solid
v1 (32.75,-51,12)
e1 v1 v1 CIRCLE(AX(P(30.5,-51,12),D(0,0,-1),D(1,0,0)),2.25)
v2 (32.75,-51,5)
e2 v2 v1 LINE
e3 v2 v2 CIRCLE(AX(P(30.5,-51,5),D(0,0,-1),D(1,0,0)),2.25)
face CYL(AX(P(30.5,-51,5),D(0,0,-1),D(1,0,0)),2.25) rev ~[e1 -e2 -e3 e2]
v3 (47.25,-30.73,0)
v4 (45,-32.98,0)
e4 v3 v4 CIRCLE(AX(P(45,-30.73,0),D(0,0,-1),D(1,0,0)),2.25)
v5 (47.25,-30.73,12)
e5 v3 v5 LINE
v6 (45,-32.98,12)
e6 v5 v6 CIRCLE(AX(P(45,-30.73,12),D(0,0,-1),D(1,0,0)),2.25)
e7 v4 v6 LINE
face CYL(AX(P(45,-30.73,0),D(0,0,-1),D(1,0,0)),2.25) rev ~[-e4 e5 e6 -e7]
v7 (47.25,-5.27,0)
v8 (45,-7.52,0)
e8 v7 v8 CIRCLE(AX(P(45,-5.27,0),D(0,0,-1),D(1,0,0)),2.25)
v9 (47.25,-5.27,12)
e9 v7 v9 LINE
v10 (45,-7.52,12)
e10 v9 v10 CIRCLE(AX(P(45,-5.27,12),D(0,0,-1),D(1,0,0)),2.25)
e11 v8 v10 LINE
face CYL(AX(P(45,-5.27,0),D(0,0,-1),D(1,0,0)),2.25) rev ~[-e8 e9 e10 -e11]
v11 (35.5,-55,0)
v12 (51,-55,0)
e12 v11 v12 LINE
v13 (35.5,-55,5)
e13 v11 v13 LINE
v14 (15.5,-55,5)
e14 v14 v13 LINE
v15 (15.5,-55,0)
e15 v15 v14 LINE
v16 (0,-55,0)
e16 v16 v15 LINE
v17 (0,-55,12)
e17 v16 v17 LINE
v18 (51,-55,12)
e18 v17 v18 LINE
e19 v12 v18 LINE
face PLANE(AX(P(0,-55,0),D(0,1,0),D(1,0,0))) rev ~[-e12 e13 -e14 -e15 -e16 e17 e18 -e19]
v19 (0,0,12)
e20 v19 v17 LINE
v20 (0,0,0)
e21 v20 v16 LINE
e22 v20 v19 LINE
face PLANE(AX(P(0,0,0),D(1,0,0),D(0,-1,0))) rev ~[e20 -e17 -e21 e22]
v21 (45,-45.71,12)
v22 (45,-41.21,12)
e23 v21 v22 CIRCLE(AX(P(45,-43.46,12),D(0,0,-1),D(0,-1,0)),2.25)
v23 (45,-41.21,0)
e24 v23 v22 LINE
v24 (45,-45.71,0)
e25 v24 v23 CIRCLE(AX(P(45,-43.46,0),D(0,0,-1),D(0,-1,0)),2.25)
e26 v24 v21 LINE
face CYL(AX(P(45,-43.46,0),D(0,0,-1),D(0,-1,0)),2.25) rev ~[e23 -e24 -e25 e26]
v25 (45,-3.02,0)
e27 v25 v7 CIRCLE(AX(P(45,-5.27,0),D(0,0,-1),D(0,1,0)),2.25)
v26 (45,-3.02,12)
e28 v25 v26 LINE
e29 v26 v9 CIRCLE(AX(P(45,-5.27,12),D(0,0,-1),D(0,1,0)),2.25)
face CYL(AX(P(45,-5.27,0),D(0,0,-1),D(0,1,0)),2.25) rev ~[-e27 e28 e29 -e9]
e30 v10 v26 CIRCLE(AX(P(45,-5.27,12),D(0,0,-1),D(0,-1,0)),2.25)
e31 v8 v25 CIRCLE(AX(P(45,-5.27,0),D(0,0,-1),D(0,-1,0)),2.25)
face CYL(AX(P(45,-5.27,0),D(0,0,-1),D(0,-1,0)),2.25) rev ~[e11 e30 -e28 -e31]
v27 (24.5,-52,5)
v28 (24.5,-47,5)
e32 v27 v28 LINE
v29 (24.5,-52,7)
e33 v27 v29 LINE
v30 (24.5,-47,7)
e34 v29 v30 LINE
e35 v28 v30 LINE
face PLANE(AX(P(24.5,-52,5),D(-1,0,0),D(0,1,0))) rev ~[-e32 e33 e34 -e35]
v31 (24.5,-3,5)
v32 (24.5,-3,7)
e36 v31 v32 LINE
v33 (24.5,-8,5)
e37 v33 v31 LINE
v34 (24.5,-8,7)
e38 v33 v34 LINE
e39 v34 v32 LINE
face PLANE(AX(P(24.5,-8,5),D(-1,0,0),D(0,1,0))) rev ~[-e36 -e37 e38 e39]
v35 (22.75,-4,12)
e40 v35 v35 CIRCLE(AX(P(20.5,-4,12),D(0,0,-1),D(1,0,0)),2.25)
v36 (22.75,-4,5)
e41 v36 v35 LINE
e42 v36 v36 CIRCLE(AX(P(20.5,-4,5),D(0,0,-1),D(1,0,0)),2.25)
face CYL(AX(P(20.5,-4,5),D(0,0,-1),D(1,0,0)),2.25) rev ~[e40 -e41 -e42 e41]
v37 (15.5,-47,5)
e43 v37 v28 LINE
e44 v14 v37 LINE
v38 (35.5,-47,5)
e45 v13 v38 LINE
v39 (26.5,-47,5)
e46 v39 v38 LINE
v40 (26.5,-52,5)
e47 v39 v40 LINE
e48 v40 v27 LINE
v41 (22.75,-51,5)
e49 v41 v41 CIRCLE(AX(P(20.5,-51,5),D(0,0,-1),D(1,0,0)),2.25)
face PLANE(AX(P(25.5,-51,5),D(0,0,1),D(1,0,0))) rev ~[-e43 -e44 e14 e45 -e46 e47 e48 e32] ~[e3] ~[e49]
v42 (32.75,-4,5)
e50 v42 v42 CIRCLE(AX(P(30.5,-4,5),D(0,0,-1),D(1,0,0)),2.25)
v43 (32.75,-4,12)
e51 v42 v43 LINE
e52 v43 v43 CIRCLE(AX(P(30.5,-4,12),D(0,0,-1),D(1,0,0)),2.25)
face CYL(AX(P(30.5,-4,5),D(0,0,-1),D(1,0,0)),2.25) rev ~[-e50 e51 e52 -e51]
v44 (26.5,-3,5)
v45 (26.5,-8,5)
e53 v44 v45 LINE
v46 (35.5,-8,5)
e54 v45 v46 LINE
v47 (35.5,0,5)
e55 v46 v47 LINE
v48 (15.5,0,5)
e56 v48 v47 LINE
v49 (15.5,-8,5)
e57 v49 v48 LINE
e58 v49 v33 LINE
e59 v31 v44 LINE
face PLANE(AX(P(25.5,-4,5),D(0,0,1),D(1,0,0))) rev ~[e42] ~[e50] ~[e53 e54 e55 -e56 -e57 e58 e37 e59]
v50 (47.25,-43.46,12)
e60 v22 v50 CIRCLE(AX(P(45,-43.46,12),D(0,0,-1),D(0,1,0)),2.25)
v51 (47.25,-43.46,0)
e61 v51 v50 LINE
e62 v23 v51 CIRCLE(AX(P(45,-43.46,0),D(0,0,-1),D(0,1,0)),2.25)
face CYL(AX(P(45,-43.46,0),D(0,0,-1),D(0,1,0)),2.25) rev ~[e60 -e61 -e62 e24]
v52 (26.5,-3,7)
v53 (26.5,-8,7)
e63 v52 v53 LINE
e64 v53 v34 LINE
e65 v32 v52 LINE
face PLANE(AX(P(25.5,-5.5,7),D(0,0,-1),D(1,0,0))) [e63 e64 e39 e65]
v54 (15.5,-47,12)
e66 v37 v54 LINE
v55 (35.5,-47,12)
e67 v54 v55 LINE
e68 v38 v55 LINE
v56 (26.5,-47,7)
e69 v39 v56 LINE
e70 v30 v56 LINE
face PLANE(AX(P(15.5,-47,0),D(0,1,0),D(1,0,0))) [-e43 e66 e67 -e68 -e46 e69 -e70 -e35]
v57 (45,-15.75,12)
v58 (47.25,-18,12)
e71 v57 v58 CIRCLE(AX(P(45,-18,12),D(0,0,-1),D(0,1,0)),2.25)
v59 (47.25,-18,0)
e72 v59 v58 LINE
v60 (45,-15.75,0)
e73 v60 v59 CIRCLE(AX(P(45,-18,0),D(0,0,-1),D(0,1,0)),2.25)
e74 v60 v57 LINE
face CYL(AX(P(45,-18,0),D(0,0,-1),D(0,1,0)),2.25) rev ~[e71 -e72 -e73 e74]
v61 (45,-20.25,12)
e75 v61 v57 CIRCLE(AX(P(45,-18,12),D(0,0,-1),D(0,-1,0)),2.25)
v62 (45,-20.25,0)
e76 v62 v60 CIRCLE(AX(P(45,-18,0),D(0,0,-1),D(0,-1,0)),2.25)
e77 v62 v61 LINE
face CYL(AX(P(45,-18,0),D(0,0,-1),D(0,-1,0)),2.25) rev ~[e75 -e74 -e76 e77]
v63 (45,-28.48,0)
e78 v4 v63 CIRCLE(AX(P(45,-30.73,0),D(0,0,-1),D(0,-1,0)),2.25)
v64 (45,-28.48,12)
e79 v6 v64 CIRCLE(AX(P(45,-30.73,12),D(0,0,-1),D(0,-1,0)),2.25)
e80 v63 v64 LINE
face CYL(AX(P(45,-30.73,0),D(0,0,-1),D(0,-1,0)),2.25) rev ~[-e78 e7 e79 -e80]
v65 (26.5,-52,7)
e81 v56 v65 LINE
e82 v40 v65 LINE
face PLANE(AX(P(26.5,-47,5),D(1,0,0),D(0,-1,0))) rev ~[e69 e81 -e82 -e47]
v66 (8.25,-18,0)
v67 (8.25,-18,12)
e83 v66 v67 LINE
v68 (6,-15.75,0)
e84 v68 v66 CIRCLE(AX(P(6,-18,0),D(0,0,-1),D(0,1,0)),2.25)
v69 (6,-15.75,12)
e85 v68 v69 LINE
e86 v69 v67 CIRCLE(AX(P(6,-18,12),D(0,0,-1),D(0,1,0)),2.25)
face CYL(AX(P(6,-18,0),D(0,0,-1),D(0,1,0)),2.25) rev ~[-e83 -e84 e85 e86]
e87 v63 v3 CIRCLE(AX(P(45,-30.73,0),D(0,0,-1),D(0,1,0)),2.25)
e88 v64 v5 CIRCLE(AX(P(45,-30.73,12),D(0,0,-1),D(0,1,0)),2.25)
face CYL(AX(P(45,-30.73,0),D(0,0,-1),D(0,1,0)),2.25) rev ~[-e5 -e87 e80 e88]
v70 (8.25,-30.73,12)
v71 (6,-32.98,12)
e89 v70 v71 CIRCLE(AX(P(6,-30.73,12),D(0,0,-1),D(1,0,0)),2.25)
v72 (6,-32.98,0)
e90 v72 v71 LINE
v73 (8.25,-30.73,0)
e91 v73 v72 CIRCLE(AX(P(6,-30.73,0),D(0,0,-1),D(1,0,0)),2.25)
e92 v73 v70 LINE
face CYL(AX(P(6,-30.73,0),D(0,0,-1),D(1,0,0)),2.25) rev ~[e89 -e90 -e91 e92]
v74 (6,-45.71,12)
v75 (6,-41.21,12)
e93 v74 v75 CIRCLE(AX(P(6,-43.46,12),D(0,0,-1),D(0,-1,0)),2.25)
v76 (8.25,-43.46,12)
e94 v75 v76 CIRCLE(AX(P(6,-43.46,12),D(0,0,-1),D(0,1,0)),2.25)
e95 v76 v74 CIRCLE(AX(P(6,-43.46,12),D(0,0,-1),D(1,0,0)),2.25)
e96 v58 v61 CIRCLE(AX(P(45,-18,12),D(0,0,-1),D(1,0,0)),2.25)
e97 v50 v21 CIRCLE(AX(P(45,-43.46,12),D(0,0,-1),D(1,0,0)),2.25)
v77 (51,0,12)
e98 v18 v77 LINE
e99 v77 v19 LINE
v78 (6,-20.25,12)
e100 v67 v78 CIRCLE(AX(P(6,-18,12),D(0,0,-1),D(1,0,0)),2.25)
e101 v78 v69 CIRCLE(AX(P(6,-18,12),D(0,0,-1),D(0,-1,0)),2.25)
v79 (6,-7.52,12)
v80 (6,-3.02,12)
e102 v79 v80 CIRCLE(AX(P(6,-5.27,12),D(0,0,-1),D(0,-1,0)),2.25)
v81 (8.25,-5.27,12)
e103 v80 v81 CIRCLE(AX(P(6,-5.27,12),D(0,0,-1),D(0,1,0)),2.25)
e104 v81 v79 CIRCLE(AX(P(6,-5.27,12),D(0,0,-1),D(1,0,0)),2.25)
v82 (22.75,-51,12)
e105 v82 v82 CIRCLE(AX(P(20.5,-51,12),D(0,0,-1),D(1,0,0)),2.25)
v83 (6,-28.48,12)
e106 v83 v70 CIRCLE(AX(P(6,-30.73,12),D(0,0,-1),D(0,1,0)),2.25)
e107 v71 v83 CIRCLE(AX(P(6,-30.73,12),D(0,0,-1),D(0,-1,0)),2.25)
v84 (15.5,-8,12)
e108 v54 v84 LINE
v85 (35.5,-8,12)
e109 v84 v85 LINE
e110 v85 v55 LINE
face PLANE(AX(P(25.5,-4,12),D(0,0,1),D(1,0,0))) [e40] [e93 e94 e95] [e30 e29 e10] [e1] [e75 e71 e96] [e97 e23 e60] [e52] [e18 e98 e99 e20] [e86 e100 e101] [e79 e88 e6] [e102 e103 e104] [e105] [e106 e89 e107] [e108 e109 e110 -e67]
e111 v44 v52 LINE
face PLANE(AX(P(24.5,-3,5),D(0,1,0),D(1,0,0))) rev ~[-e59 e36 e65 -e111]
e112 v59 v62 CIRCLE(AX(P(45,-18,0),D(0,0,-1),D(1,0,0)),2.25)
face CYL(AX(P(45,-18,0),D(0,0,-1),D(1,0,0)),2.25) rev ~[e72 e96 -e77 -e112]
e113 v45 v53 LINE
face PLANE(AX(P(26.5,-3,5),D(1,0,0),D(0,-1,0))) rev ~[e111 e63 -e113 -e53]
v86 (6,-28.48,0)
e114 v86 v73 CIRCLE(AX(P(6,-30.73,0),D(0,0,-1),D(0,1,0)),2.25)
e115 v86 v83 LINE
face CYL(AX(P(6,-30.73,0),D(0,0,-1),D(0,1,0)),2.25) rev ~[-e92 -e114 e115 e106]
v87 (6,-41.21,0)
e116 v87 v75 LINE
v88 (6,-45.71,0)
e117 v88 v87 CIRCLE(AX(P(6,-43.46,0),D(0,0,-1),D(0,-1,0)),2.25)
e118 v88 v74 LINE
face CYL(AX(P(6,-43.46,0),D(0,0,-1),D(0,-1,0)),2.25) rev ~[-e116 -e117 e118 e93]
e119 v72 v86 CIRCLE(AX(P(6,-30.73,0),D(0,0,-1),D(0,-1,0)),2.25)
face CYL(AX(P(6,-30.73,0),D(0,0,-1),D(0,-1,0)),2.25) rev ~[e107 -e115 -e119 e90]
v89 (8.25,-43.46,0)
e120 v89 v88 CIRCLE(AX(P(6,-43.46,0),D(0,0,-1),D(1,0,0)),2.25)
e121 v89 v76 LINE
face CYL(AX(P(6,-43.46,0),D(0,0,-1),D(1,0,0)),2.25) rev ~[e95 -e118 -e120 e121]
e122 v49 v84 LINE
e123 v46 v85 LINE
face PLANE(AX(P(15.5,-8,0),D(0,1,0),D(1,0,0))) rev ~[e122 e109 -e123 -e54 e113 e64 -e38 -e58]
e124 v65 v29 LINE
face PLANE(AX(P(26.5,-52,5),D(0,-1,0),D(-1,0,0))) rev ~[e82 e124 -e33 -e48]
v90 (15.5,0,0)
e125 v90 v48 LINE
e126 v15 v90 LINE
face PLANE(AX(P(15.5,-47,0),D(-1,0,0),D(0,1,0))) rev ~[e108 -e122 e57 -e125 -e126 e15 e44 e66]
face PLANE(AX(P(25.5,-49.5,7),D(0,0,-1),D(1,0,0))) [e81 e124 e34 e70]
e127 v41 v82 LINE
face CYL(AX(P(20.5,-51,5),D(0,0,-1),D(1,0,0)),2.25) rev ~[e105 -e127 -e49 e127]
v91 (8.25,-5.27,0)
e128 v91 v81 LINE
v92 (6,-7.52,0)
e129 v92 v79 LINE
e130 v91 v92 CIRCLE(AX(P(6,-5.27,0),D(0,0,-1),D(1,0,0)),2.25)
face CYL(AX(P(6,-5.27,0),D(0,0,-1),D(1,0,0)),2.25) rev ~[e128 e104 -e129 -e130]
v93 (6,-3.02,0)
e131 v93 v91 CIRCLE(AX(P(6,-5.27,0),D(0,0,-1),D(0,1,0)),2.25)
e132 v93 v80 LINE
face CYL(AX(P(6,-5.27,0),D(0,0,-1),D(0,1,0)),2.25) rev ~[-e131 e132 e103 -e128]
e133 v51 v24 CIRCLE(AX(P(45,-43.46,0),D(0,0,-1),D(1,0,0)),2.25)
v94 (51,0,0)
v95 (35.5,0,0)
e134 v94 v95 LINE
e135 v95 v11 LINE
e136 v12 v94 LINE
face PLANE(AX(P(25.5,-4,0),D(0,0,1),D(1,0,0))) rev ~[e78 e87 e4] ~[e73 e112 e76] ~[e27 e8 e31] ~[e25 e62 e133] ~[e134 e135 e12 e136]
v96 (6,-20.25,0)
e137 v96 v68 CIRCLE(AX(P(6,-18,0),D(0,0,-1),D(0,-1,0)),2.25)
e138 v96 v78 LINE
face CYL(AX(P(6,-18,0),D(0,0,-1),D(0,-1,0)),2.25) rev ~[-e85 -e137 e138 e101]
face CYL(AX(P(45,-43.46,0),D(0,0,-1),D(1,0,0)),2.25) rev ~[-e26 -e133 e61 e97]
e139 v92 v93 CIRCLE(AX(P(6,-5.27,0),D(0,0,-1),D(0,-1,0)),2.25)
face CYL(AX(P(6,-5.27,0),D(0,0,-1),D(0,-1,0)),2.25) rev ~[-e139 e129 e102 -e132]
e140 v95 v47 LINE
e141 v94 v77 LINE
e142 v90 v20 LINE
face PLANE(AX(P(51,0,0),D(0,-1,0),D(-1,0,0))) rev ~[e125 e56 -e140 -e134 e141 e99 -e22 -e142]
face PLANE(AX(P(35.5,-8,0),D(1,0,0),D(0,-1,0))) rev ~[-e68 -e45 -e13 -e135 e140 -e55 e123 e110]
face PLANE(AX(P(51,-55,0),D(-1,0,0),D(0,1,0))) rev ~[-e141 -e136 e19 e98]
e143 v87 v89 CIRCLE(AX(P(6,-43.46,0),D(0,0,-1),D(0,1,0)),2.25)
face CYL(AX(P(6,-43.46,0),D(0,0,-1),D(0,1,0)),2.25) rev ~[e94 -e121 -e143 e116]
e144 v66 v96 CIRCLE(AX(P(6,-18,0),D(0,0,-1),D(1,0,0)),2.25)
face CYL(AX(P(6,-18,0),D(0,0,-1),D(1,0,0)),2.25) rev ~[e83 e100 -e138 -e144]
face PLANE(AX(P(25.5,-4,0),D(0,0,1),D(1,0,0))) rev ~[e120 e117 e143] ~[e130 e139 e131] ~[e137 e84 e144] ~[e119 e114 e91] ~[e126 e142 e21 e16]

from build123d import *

# Parameters (mm, degrees)
F0_W     = 20
F0_H     = 8
F1_DEPTH = 12
F2_DEPTH = 5
F3_DEPTH = 5
F5_DEPTH = 2
F4_R     = 2.25
F6_DEPTH = 25
F8_DEPTH = 2
F7_R     = 2.25
F9_DEPTH = 25


with BuildPart() as f1:
    # F0 (on Top) → F1 (new body)
    with BuildSketch(Plane.XY):
        with Locations((25.5, -4)):
            Rectangle(F0_W, F0_H)
        with Locations((25.5, -51)):
            Rectangle(F0_W, F0_H)
        with BuildLine():
            Line((6, 0), (0, 0))
            Line((0, 0), (0, -55))
            Line((0, -55), (6, -55))
            Line((6, -55), (6, -45.71))
            ThreePointArc((6, -45.71), (3.75, -43.46), (6, -41.21))
            Line((6, -41.21), (6, -32.98))
            ThreePointArc((6, -32.98), (3.75, -30.73), (6, -28.48))
            Line((6, -28.48), (6, -20.25))
            ThreePointArc((6, -20.25), (3.75, -18), (6, -15.75))
            Line((6, -15.75), (6, -7.52))
            ThreePointArc((6, -7.52), (3.75, -5.27), (6, -3.02))
            Line((6, -3.02), (6, 0))
        make_face()
        with BuildLine():
            Line((51, 0), (45, 0))
            Line((45, 0), (45, -3.02))
            ThreePointArc((45, -3.02), (46.5909902577, -3.6790097423), (47.25, -5.27))
            ThreePointArc((47.25, -5.27), (46.5909902577, -6.8609902577), (45, -7.52))
            Line((45, -7.52), (45, -15.75))
            ThreePointArc((45, -15.75), (46.5909902577, -16.4090097423), (47.25, -18))
            ThreePointArc((47.25, -18), (46.5909902577, -19.5909902577), (45, -20.25))
            Line((45, -20.25), (45, -28.48))
            ThreePointArc((45, -28.48), (46.5909902577, -29.1390097423), (47.25, -30.73))
            ThreePointArc((47.25, -30.73), (46.5909902577, -32.3209902577), (45, -32.98))
            Line((45, -32.98), (45, -41.21))
            ThreePointArc((45, -41.21), (46.5909902577, -41.8690097423), (47.25, -43.46))
            ThreePointArc((47.25, -43.46), (46.5909902577, -45.0509902577), (45, -45.71))
            Line((45, -45.71), (45, -55))
            Line((45, -55), (51, -55))
            Line((51, -55), (51, 0))
        make_face()
        with BuildLine():
            Line((15.5, 0), (6, 0))
            Line((6, 0), (6, -3.02))
            ThreePointArc((6, -3.02), (7.5909902577, -3.6790097423), (8.25, -5.27))
            ThreePointArc((8.25, -5.27), (7.5909902577, -6.8609902577), (6, -7.52))
            Line((6, -7.52), (6, -15.75))
            ThreePointArc((6, -15.75), (7.5909902577, -16.4090097423), (8.25, -18))
            ThreePointArc((8.25, -18), (7.5909902577, -19.5909902577), (6, -20.25))
            Line((6, -20.25), (6, -28.48))
            ThreePointArc((6, -28.48), (7.5909902577, -29.1390097423), (8.25, -30.73))
            ThreePointArc((8.25, -30.73), (7.5909902577, -32.3209902577), (6, -32.98))
            Line((6, -32.98), (6, -41.21))
            ThreePointArc((6, -41.21), (7.5909902577, -41.8690097423), (8.25, -43.46))
            ThreePointArc((8.25, -43.46), (7.5909902577, -45.0509902577), (6, -45.71))
            Line((6, -45.71), (6, -55))
            Line((6, -55), (15.5, -55))
            Line((15.5, -55), (15.5, -47))
            Line((15.5, -47), (15.5, -8))
            Line((15.5, -8), (15.5, 0))
        make_face()
        with BuildLine():
            Line((45, 0), (35.5, 0))
            Line((35.5, 0), (35.5, -8))
            Line((35.5, -8), (35.5, -47))
            Line((35.5, -47), (35.5, -55))
            Line((35.5, -55), (45, -55))
            Line((45, -55), (45, -45.71))
            ThreePointArc((45, -45.71), (42.75, -43.46), (45, -41.21))
            Line((45, -41.21), (45, -32.98))
            ThreePointArc((45, -32.98), (42.75, -30.73), (45, -28.48))
            Line((45, -28.48), (45, -20.25))
            ThreePointArc((45, -20.25), (42.75, -18), (45, -15.75))
            Line((45, -15.75), (45, -7.52))
            ThreePointArc((45, -7.52), (42.75, -5.27), (45, -3.02))
            Line((45, -3.02), (45, 0))
        make_face()
    extrude(amount=F1_DEPTH)

    # F0 (on Top) → F2 (cut)
    with BuildSketch(Plane.XY):
        with Locations((25.5, -51)):
            Rectangle(F0_W, F0_H)
    extrude(amount=F2_DEPTH, mode=Mode.SUBTRACT)

    # F0 (on Top) → F3 (cut)
    with BuildSketch(Plane.XY):
        with Locations((25.5, -4)):
            Rectangle(F0_W, F0_H)
    extrude(amount=F3_DEPTH, mode=Mode.SUBTRACT)

    # F4 (on face) → F5 (cut)
    with BuildSketch(Plane(origin=(0, 0, 5), x_dir=(1, 0, 0), z_dir=(0, 0, -1))):
        Polygon((24.5, 47), (25.5, 47), (26.5, 47), (26.5, 52), (24.5, 52), align=None)
    extrude(amount=-F5_DEPTH, mode=Mode.SUBTRACT)

    # F4 (on face) → F6 (cut)
    with BuildSketch(Plane(origin=(0, 0, 5), x_dir=(1, 0, 0), z_dir=(0, 0, -1))):
        with Locations((20.5, 51)):
            Circle(F4_R)
        with Locations((30.5, 51)):
            Circle(F4_R)
    extrude(amount=-F6_DEPTH, mode=Mode.SUBTRACT)

    # F7 (on face) → F8 (cut)
    with BuildSketch(Plane(origin=(0, 0, 5), x_dir=(1, 0, 0), z_dir=(0, 0, -1))):
        Polygon((26.5, 8), (25.5, 8), (24.5, 8), (24.5, 3), (26.5, 3), align=None)
    extrude(amount=-F8_DEPTH, mode=Mode.SUBTRACT)

    # F7 (on face) → F9 (cut)
    with BuildSketch(Plane(origin=(0, 0, 5), x_dir=(1, 0, 0), z_dir=(0, 0, -1))):
        with Locations((30.5, 4)):
            Circle(F7_R)
        with Locations((20.5, 4)):
            Circle(F7_R)
    extrude(amount=-F9_DEPTH, mode=Mode.SUBTRACT)


solid = f1.part
